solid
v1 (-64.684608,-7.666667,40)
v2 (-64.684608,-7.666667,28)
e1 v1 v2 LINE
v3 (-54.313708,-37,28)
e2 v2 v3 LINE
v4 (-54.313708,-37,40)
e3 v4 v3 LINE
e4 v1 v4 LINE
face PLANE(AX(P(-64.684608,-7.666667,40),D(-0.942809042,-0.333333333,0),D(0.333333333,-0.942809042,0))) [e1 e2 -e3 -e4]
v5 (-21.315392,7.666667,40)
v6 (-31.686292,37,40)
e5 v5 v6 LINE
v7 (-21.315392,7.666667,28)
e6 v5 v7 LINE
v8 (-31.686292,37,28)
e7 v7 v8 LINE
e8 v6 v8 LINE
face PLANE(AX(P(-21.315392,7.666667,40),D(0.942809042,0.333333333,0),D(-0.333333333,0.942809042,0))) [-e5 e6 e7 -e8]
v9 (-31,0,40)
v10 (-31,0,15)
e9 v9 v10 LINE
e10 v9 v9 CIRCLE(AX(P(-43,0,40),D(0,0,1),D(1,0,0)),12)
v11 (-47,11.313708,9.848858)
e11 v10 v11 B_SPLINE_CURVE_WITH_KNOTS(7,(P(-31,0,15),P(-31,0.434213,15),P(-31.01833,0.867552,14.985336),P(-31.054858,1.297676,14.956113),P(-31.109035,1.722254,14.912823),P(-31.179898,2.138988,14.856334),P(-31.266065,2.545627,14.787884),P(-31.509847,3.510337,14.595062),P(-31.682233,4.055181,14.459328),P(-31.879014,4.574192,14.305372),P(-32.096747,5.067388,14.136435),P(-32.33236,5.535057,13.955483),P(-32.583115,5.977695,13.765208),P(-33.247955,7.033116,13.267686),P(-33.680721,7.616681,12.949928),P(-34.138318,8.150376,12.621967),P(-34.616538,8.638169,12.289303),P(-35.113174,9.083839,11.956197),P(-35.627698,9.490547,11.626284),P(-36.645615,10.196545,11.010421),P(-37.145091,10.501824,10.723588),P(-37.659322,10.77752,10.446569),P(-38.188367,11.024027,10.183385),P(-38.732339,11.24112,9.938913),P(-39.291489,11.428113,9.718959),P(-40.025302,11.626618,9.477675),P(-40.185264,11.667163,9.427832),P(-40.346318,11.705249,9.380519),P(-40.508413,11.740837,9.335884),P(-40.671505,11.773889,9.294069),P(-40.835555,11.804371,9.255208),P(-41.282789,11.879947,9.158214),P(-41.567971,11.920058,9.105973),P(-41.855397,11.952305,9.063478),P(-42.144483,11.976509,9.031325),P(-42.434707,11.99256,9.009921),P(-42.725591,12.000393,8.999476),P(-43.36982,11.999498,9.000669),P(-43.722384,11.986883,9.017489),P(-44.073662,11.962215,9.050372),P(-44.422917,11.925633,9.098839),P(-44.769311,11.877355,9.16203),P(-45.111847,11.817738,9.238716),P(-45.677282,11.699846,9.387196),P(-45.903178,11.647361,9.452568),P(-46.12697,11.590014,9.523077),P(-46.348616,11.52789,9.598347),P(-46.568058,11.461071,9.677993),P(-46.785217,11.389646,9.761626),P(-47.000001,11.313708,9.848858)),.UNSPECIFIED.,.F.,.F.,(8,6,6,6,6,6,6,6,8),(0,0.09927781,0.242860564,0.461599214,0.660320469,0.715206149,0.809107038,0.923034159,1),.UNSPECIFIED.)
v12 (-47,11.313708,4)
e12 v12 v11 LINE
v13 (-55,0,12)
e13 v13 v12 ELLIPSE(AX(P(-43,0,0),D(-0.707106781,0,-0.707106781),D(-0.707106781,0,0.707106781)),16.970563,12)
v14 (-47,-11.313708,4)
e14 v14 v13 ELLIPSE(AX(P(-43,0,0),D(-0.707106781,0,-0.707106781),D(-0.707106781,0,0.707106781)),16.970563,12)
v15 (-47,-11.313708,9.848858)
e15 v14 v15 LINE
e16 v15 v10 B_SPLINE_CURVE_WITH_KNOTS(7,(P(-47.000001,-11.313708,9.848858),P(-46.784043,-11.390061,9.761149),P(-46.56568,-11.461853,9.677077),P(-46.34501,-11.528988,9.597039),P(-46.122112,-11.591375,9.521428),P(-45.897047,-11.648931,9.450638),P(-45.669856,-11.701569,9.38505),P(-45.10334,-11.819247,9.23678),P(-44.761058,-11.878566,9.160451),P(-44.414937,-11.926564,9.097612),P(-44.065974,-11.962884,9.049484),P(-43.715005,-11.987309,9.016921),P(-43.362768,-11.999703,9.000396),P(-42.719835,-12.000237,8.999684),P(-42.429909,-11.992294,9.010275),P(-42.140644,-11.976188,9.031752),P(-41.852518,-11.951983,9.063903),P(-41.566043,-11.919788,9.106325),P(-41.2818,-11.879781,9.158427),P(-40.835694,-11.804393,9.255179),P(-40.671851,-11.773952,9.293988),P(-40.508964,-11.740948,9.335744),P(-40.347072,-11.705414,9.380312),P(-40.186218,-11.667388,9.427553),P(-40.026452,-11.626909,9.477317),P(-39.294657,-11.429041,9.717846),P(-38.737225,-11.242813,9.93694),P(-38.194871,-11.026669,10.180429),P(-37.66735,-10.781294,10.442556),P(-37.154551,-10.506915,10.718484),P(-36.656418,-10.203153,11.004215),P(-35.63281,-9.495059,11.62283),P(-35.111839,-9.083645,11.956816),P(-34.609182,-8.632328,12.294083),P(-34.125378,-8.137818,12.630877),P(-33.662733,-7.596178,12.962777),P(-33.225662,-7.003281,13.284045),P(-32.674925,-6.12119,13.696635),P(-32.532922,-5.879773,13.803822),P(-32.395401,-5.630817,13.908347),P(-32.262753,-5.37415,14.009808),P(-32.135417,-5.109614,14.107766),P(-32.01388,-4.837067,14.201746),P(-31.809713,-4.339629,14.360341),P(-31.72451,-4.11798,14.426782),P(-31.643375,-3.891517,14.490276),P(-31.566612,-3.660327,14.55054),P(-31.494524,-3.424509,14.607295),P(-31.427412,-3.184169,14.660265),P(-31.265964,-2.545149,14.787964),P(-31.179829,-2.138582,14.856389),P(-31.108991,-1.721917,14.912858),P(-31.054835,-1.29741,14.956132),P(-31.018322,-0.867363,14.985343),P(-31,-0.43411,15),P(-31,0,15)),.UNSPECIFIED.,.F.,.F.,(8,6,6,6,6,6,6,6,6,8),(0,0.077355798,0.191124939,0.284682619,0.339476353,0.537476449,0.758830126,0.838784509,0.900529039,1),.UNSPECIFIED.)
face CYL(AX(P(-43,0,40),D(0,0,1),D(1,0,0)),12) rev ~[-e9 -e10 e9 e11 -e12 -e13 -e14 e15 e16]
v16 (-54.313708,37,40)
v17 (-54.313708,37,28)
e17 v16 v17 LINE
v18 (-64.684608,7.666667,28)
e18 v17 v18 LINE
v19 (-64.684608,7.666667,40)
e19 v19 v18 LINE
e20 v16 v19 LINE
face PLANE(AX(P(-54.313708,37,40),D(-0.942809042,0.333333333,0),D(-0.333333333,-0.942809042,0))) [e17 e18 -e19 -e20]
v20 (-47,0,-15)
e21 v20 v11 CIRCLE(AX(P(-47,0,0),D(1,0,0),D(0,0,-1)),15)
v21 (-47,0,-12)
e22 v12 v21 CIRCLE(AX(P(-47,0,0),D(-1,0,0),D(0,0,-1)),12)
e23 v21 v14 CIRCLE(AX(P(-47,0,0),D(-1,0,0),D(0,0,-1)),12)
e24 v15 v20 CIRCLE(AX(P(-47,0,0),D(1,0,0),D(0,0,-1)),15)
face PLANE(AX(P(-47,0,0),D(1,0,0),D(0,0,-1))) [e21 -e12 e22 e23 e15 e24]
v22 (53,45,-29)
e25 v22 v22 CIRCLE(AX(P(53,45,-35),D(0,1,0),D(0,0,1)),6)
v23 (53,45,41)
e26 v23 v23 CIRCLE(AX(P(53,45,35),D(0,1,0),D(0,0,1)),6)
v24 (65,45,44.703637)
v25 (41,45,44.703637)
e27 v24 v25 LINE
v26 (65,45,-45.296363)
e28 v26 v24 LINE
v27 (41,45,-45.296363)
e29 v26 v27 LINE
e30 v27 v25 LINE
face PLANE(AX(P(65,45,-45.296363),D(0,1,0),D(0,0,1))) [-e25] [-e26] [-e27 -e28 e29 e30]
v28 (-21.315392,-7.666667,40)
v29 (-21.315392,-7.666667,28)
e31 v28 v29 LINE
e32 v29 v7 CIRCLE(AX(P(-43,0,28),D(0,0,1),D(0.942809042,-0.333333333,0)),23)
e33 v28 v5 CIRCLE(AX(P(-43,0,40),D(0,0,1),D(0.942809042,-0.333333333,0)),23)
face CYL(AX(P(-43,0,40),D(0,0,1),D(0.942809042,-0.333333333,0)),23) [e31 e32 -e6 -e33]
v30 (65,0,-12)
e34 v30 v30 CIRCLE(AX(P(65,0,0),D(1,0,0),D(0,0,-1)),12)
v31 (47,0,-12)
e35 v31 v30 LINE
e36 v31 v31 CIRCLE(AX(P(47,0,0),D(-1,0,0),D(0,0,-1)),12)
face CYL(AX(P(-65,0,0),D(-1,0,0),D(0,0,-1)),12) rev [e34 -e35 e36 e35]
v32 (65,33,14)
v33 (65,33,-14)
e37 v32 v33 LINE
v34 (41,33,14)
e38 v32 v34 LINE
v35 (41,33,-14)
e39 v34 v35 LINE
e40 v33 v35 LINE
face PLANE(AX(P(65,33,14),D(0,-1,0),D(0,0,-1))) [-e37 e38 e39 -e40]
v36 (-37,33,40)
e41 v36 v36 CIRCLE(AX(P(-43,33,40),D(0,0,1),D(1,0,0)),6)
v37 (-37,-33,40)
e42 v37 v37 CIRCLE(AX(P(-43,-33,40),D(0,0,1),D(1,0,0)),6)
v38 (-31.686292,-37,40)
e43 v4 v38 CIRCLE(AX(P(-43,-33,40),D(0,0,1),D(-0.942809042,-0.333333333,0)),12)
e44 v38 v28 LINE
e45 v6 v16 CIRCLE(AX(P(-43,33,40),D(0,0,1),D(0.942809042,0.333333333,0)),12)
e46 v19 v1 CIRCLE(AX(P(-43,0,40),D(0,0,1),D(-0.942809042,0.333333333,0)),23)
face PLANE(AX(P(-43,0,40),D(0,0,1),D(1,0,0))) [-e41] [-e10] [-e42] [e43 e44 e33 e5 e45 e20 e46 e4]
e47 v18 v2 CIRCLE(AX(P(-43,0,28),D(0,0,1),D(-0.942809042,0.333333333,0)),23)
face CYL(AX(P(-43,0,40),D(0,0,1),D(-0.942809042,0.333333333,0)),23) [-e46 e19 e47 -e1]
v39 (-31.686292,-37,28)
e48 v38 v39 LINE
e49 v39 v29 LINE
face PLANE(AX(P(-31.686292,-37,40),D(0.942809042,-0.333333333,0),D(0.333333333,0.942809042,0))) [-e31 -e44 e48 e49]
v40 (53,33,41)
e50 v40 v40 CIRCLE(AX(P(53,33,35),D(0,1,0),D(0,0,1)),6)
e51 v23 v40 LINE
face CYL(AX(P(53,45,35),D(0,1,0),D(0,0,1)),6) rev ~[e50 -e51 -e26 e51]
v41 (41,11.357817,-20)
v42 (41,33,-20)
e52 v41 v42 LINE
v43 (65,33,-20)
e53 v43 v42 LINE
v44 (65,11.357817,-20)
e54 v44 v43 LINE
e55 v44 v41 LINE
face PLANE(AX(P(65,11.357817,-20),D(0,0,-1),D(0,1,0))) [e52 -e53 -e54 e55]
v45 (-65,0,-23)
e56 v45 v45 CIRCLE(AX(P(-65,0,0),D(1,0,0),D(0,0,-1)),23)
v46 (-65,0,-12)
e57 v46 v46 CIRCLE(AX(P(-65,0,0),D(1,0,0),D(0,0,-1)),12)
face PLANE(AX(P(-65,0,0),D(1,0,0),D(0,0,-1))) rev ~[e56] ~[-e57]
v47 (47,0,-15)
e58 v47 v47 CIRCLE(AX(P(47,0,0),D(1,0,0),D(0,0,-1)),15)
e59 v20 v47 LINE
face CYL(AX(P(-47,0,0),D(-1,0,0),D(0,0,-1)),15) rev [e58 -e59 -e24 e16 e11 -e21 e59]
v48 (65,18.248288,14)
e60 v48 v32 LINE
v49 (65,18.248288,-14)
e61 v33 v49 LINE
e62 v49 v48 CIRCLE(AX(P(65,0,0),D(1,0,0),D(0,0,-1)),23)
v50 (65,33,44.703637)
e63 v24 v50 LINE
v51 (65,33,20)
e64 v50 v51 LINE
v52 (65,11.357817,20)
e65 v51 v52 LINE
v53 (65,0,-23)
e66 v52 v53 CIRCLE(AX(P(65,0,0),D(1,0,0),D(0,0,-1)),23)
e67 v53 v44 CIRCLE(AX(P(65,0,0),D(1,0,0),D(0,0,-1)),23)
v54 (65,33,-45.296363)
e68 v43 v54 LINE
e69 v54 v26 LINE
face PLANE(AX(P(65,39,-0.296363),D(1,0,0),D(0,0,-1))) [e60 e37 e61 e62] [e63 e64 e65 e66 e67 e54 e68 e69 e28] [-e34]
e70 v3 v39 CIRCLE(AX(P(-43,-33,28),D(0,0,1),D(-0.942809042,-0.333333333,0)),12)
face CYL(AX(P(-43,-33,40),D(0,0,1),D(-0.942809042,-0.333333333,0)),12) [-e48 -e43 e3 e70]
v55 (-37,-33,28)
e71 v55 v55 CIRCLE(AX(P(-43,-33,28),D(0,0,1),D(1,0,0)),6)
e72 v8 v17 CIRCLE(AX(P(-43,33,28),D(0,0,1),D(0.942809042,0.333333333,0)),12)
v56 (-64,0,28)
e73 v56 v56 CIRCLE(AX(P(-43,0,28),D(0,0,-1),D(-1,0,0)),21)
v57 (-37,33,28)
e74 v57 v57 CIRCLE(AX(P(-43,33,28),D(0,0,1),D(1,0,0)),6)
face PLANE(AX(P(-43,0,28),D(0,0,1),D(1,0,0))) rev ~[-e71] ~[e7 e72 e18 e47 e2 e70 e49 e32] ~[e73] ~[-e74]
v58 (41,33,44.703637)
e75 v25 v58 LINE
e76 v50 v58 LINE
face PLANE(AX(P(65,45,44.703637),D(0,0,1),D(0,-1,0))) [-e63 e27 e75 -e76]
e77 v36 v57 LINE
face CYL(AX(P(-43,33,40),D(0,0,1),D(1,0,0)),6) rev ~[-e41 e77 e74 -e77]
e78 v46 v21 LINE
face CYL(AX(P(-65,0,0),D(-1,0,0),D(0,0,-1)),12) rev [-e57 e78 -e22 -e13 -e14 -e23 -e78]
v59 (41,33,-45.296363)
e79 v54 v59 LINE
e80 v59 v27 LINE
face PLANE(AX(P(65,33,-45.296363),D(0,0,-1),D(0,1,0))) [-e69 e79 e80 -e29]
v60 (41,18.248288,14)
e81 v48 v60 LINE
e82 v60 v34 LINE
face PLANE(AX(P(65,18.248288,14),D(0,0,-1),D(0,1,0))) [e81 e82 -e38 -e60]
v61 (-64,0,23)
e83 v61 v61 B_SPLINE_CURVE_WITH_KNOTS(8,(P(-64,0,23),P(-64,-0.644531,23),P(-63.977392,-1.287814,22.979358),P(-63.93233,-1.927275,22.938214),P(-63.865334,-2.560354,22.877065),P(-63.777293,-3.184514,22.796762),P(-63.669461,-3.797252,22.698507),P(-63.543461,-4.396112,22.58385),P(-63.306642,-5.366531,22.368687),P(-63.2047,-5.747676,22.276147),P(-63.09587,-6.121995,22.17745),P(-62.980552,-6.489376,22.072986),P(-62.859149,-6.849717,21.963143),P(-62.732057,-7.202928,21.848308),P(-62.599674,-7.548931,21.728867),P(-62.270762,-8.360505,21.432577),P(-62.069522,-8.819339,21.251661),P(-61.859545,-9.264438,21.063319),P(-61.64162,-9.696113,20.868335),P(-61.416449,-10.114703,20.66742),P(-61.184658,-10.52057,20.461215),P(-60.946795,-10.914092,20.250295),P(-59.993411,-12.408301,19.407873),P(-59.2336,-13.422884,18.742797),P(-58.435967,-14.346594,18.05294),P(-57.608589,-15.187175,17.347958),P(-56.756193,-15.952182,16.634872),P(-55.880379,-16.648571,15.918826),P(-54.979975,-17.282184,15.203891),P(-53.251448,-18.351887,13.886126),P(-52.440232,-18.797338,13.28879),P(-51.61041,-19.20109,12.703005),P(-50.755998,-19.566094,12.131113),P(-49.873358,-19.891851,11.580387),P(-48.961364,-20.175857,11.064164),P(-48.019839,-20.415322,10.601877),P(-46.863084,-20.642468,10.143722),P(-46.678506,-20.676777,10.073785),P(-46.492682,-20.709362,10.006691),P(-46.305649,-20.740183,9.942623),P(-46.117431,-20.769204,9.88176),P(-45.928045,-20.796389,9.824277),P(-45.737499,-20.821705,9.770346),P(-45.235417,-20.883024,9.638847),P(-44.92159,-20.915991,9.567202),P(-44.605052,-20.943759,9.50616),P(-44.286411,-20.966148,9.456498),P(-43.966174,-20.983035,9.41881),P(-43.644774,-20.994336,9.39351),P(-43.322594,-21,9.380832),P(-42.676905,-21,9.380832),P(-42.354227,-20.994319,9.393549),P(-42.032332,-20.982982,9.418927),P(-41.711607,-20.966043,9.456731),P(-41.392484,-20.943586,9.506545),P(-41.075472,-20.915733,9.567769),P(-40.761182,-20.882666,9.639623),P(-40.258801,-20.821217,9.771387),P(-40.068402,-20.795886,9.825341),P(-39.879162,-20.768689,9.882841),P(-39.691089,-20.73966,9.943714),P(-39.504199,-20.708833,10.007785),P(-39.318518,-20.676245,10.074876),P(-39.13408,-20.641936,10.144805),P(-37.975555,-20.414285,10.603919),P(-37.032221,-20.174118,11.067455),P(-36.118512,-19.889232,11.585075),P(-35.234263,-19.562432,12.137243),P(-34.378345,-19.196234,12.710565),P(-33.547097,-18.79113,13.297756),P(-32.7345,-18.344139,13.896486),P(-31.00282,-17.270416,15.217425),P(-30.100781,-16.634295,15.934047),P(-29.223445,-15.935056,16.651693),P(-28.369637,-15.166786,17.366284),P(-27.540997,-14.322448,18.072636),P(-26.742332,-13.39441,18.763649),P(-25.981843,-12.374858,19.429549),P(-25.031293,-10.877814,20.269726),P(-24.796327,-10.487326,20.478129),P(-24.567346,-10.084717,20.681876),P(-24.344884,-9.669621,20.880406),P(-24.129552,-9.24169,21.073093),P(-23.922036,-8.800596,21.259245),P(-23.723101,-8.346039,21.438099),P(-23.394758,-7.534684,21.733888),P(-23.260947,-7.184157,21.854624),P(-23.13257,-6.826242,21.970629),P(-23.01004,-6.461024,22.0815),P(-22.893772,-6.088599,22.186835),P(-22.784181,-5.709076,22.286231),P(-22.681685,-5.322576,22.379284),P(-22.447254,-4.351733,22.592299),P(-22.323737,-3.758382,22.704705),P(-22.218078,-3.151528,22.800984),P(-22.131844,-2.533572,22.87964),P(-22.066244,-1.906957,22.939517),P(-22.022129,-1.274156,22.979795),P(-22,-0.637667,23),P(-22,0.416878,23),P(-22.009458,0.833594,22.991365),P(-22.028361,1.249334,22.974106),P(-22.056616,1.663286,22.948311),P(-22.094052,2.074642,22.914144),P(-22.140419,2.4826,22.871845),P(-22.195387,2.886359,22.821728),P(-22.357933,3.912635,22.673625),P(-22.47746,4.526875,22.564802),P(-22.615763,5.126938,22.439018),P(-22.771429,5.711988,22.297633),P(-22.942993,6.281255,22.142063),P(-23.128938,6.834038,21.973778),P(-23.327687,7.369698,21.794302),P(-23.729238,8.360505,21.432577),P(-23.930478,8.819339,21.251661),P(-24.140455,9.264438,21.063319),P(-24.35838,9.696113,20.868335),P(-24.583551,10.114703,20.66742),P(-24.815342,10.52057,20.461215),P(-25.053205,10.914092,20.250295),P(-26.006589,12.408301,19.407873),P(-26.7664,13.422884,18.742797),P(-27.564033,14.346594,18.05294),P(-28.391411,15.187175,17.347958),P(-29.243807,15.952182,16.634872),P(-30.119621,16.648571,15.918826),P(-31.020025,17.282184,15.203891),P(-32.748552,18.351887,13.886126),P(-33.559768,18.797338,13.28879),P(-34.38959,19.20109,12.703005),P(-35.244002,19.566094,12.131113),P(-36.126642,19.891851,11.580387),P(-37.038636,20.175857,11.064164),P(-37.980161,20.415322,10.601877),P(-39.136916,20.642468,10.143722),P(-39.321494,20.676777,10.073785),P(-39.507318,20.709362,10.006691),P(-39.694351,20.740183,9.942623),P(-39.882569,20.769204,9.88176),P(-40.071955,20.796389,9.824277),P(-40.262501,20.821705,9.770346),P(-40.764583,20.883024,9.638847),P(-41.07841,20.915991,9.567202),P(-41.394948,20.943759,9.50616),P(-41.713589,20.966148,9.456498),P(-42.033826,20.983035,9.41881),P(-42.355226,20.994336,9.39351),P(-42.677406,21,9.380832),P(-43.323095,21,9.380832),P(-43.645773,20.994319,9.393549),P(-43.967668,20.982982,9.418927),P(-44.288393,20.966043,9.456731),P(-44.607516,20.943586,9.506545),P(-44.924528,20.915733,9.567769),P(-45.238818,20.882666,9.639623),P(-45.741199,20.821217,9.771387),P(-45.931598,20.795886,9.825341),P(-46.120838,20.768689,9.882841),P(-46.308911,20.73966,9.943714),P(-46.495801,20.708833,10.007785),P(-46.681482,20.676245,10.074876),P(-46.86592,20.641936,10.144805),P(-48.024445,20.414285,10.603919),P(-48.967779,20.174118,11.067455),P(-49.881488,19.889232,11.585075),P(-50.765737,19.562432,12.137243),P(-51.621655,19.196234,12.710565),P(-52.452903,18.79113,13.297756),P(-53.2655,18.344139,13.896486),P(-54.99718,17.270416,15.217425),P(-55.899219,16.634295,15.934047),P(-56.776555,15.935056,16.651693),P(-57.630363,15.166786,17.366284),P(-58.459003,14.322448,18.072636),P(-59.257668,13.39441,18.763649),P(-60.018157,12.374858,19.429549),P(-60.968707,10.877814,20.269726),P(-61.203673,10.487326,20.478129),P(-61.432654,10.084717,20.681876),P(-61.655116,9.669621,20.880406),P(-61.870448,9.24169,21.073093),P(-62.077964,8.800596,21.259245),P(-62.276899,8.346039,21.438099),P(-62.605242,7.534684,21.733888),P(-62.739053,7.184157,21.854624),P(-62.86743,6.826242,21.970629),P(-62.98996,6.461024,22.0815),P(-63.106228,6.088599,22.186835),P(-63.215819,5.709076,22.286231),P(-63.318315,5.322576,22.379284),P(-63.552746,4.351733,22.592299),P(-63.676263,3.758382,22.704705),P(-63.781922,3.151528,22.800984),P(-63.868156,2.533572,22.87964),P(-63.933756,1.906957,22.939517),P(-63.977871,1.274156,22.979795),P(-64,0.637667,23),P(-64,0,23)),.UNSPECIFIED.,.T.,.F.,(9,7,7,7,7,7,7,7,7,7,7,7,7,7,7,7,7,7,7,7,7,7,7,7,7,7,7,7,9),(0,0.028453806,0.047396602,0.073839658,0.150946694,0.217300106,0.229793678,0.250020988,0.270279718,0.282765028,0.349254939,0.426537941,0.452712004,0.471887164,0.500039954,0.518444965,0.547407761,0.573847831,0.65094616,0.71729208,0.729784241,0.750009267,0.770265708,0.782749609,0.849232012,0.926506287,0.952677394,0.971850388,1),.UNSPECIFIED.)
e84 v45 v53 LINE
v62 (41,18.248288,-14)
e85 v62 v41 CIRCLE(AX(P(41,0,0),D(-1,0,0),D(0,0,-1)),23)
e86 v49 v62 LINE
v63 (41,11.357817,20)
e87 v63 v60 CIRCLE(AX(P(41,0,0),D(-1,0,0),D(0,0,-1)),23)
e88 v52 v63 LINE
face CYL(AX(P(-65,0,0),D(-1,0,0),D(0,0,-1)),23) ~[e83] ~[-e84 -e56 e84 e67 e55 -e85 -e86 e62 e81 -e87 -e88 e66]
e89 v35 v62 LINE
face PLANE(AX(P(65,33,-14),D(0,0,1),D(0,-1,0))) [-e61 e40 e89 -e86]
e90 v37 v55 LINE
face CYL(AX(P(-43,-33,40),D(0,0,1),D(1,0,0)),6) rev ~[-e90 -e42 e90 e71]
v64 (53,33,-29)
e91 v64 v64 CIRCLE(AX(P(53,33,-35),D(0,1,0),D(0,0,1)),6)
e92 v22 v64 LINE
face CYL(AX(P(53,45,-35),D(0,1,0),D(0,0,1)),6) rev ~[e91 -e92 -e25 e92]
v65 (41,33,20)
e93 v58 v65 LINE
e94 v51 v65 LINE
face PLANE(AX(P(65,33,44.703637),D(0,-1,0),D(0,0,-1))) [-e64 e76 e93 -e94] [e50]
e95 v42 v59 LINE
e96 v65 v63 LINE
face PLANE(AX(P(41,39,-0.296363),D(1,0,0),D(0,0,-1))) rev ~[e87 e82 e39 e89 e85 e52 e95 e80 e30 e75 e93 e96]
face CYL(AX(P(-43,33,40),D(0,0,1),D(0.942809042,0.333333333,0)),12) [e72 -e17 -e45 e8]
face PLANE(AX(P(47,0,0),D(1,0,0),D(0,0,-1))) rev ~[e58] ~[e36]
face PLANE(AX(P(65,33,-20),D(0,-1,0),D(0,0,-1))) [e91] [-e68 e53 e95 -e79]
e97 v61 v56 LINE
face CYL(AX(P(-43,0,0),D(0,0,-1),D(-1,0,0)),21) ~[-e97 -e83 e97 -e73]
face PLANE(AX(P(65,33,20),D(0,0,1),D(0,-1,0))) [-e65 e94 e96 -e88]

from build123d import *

# Parameters (mm, degrees)
EXTRUDE_1_DEPTH          = 65
EXTRUDE_1_DEPTH_BACK     = 65
SKETCH_1_R               = 23
EXTRUDE_3_DEPTH          = 24
SKETCH_7_R               = 6
CUT_EXTRUDE_3_DEPTH      = 24
SKETCH_8_R               = 21
EXTRUDE_4_DEPTH          = 40
CUT_EXTRUDE_2_DEPTH      = 65
CUT_EXTRUDE_2_DEPTH_BACK = 65
SKETCH_3_R               = 12
CUT_EXTRUDE_1_DEPTH      = 47
CUT_EXTRUDE_1_DEPTH_BACK = 47
SKETCH_2_R               = 15
EXTRUDE_5_DEPTH          = 12
SKETCH_11_R              = 12
SKETCH_11_R_2            = 6
CUT_EXTRUDE_4_DEPTH      = 40


with BuildPart() as part:
    # 草图1 → 凸台-拉伸1 (new, two sides: drawn at the far end of the back side and taken through both)
    with BuildSketch(Plane(origin=(0, 0, 0), x_dir=(0, 0, -1), z_dir=(1, 0, 0)).offset(-EXTRUDE_1_DEPTH_BACK)):
        Circle(SKETCH_1_R)
    extrude(amount=EXTRUDE_1_DEPTH + EXTRUDE_1_DEPTH_BACK)

    # 草图4 → 凸台-拉伸3 (add)
    with BuildSketch(Plane(origin=(65, 0, 0), x_dir=(0, 0, -1), z_dir=(1, 0, 0))):
        Polygon((-20, 33), (-20, 11.357816692), (-14, 18.248287591), (-14, 33), (14, 33), (14, 18.248287591), (20, 11.357816692), (20, 33), (45.296363349, 33), (45.296363349, 45), (-44.703636651, 45), (-44.703636651, 33), align=None)
    extrude(amount=-EXTRUDE_3_DEPTH)

    # 草图7 → 切除-拉伸3 (cut)
    with BuildSketch(Plane(origin=(0, 45, 0), x_dir=(1, 0, 0), z_dir=(0, 1, 0))):
        with Locations((53, 35)):
            Circle(SKETCH_7_R)
        with Locations((53, -35)):
            Circle(SKETCH_7_R)
    extrude(amount=-CUT_EXTRUDE_3_DEPTH, mode=Mode.SUBTRACT)

    # 草图8 → 凸台-拉伸4 (add)
    with BuildSketch(Plane.XY):
        with Locations((-43, 0)):
            Circle(SKETCH_8_R)
    extrude(amount=EXTRUDE_4_DEPTH)

    # 草图3 → 切除-拉伸2 (cut, two sides: drawn at the far end of the back side and taken through both)
    with BuildSketch(Plane(origin=(0, 0, 0), x_dir=(0, 0, -1), z_dir=(1, 0, 0)).offset(-CUT_EXTRUDE_2_DEPTH_BACK)):
        Circle(SKETCH_3_R)
    extrude(amount=CUT_EXTRUDE_2_DEPTH + CUT_EXTRUDE_2_DEPTH_BACK, mode=Mode.SUBTRACT)

    # 草图2 → 切除-拉伸1 (cut, two sides: drawn at the far end of the back side and taken through both)
    with BuildSketch(Plane(origin=(0, 0, 0), x_dir=(0, 0, -1), z_dir=(1, 0, 0)).offset(-CUT_EXTRUDE_1_DEPTH_BACK)):
        Circle(SKETCH_2_R)
    extrude(amount=CUT_EXTRUDE_1_DEPTH + CUT_EXTRUDE_1_DEPTH_BACK, mode=Mode.SUBTRACT)

    # 草图10 → 凸台-拉伸5 (add)
    with BuildSketch(Plane.XY.offset(40)):
        with BuildLine():
            Line((-54.313708499, 37), (-64.684607956, 7.666666667))
            ThreePointArc((-64.684607956, 7.666666667), (-66, 0), (-64.684607956, -7.666666667))
            Line((-64.684607956, -7.666666667), (-54.313708499, -37))
            ThreePointArc((-54.313708499, -37), (-43, -45), (-31.686291501, -37))
            Line((-31.686291501, -37), (-21.315392044, -7.666666667))
            ThreePointArc((-21.315392044, -7.666666667), (-20, 0), (-21.315392044, 7.666666667))
            Line((-21.315392044, 7.666666667), (-31.686291501, 37))
            ThreePointArc((-31.686291501, 37), (-43, 45), (-54.313708499, 37))
        make_face()
    extrude(amount=-EXTRUDE_5_DEPTH)

    # 草图11 → 切除-拉伸4 (cut)
    with BuildSketch(Plane.XY.offset(40)):
        with Locations((-43, 0)):
            Circle(SKETCH_11_R)
        with Locations((-43, 33)):
            Circle(SKETCH_11_R_2)
        with Locations((-43, -33)):
            Circle(SKETCH_11_R_2)
    extrude(amount=-CUT_EXTRUDE_4_DEPTH, mode=Mode.SUBTRACT)


solid = part.part
